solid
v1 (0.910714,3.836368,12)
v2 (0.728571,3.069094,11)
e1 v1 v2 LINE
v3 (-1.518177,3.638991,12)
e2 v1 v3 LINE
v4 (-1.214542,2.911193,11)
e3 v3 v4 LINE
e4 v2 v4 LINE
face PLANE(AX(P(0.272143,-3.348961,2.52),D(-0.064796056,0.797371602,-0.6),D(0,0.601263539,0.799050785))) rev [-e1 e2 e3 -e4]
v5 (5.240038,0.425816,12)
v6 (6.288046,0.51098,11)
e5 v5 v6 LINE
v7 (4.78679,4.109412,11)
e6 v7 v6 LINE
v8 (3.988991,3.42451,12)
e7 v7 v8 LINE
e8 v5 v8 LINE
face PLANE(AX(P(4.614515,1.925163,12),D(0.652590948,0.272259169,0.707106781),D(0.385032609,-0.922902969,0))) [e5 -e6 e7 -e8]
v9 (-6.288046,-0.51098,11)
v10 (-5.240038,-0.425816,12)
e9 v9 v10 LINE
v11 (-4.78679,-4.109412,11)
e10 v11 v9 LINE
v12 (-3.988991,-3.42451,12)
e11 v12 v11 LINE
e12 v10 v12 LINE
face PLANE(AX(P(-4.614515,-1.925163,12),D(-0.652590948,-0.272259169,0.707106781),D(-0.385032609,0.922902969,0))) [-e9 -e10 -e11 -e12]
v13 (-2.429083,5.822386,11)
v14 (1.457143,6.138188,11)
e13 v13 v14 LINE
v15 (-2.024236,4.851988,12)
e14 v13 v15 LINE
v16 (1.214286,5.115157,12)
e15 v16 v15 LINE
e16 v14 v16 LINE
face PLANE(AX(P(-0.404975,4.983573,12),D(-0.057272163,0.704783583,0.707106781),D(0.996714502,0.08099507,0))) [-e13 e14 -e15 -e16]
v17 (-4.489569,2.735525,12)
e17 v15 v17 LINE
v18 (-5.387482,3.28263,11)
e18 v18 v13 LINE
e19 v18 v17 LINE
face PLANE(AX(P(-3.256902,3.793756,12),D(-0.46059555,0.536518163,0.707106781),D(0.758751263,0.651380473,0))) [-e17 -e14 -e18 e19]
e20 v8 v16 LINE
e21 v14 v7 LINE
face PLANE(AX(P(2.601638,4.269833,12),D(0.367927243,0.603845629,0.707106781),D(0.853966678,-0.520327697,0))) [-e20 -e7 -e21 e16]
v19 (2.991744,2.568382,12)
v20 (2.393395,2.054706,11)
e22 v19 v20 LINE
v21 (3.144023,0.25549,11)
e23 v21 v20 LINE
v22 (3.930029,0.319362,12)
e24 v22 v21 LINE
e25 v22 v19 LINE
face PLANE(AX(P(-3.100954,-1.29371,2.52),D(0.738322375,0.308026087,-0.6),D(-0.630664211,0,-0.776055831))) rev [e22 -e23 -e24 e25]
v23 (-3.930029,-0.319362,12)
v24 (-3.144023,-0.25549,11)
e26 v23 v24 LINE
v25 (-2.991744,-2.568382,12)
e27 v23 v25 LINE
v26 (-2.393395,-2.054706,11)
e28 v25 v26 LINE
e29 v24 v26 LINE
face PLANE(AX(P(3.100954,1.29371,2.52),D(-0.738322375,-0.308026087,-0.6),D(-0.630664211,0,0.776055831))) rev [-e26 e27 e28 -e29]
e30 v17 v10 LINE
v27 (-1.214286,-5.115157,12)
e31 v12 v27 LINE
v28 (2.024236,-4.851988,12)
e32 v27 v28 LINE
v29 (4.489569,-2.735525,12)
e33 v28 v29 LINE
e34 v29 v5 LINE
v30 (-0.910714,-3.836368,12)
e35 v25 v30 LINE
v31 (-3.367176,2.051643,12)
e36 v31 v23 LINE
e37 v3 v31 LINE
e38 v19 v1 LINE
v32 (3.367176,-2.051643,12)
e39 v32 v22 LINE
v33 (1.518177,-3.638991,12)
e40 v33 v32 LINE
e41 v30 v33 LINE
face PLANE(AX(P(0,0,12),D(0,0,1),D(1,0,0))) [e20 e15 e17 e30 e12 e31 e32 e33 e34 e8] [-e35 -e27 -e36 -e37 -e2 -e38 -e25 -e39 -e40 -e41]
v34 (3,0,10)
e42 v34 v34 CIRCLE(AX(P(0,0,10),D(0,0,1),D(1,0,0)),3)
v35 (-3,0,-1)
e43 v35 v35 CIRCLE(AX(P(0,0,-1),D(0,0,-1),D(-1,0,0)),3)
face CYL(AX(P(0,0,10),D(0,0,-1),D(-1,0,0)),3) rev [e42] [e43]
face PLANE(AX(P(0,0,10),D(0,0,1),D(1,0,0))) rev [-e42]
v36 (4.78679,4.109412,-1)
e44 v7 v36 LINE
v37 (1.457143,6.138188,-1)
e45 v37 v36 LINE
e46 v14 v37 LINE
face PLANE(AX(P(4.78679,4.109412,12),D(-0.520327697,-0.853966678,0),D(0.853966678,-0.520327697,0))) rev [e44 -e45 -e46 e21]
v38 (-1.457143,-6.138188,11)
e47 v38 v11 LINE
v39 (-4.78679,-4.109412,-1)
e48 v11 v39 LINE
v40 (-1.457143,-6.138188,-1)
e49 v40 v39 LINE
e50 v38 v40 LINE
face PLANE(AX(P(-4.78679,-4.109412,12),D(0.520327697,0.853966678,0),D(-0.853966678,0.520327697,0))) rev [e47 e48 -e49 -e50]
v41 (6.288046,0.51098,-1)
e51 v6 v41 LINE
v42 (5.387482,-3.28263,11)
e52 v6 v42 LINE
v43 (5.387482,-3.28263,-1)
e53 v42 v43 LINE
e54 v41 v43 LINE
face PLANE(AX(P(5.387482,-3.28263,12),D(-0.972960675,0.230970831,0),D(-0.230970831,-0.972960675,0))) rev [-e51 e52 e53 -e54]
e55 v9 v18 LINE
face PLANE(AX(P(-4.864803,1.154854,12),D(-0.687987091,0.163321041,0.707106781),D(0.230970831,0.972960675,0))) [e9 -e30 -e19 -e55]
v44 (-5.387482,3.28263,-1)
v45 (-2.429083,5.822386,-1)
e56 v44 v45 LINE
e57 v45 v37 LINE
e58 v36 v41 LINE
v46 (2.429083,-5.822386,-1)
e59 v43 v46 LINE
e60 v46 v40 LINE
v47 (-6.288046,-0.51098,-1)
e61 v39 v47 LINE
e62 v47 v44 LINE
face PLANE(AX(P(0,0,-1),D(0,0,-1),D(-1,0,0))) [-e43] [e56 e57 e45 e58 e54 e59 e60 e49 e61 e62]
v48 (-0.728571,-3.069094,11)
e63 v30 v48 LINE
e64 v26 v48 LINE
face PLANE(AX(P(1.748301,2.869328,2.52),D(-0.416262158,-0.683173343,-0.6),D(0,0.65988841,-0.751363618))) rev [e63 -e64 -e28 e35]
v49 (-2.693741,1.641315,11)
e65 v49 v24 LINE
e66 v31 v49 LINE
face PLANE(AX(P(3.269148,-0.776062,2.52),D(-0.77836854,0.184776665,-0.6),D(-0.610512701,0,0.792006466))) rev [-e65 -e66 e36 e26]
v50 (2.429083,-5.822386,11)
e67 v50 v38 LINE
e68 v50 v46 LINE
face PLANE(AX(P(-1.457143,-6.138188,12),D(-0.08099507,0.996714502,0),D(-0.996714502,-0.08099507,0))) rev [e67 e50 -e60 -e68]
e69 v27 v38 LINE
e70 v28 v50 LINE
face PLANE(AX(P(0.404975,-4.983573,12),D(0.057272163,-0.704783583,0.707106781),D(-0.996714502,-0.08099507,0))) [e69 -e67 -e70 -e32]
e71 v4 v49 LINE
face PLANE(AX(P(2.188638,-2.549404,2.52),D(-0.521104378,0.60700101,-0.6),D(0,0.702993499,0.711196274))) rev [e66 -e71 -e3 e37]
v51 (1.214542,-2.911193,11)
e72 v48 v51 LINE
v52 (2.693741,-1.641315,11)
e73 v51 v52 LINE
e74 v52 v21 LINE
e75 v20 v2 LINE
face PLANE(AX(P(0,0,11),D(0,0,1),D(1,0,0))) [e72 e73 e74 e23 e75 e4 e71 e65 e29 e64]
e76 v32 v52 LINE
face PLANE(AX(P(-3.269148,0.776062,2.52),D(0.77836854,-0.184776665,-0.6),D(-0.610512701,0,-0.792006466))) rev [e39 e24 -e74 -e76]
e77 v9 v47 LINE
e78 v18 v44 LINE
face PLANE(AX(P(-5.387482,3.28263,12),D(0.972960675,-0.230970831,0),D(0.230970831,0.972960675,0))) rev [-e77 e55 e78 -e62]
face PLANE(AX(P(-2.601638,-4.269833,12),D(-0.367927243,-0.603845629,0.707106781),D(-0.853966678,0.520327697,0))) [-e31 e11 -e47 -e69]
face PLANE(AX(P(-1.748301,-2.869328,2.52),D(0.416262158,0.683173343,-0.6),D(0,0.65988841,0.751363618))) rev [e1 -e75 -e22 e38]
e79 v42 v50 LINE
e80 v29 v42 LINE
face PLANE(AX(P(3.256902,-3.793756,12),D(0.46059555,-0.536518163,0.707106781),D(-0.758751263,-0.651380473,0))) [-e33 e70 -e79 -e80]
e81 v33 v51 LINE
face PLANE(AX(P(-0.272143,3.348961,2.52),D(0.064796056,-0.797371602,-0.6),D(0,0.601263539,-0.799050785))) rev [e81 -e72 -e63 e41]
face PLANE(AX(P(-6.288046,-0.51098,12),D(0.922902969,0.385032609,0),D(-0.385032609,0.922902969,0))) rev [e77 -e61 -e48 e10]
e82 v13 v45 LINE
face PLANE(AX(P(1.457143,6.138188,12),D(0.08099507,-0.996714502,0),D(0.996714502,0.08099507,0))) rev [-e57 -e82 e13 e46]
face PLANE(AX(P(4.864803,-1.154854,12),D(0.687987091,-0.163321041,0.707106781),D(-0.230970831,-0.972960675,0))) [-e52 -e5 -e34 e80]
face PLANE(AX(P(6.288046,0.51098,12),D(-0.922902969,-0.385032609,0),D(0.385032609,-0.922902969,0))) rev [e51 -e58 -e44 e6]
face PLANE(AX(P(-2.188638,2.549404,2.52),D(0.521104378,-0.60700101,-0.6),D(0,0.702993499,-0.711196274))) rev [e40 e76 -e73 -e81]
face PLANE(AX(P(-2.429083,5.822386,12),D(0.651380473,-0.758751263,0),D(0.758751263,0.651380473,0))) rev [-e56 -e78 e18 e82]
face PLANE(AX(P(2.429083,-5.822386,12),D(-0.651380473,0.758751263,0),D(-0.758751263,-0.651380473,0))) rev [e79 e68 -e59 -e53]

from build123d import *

# Parameters (mm, degrees)
SKETCH_1_R          = 3.05
EXTRUDE_1_DEPTH     = 12
SKETCH_2_R          = 3.098235282
EXTRUDE_2_DEPTH     = 2
EXTRUDE_3_DEPTH     = 7
CHAMFER_1_SIZE      = 1
SKETCH_6_R          = 3.05
CUT_EXTRUDE_2_DEPTH = 7
SKETCH_7_R          = 3.05
SKETCH_7_R_2        = 3
EXTRUDE_4_DEPTH     = 10
SKETCH_8_R          = 3
EXTRUDE_5_DEPTH     = 1


with BuildPart() as part:
    # 草图1 → 凸台-拉伸1 (new body)
    with BuildSketch(Plane.XY):
        Polygon((1.45714262, 6.138188374), (-2.429083459, 5.822385651), (-5.387482218, 3.282629506), (-6.288045884, -0.510979538), (-4.786789744, -4.109411766), (-1.45714262, -6.138188374), (2.429083459, -5.822385651), (5.387482218, -3.282629506), (6.288045884, 0.510979538), (4.786789744, 4.109411766), align=None)
        Circle(SKETCH_1_R, mode=Mode.SUBTRACT)
    extrude(amount=EXTRUDE_1_DEPTH)

    # 草图2 → 凸台-拉伸2 (add)
    with BuildSketch(Plane.XY.offset(12)):
        Circle(SKETCH_2_R)
    extrude(amount=-EXTRUDE_2_DEPTH)

    # 草图3 → 凸台-拉伸3 (add)
    with BuildSketch(Plane(origin=(0, 0, 10), x_dir=(-1, 0, 0), z_dir=(0, 0, -1))):
        with BuildLine():
            Line((1.45, 2.683281573), (1.45, -2.683281573))
            ThreePointArc((1.45, -2.683281573), (3.05, 0), (1.45, 2.683281573))
        make_face()
    extrude(amount=EXTRUDE_3_DEPTH)

    # 倒角1
    chamfer_1_edges = [part.edges().sort_by_distance(p)[0] for p in [
        (-3.908282839, 4.552507579, 12),
        (-5.837764051, 1.385824984, 12),
        (-5.537417814, -2.310195652, 12),
        (-3.121966182, -5.12380007, 12),
        (0.48597042, -5.980287012, 12),
        (3.908282839, -4.552507579, 12),
        (5.837764051, -1.385824984, 12),
        (5.537417814, 2.310195652, 12),
        (3.121966182, 5.12380007, 12),
        (-0.48597042, 5.980287012, 12),
    ]]
    chamfer(chamfer_1_edges, length=CHAMFER_1_SIZE)

    # 草图5 → 切除-放样1 section 0
    with BuildSketch(Plane.XY.offset(12)):
        Polygon((0.910714137, 3.836367733), (-1.518177162, 3.638991032), (-3.367176386, 2.051643441), (-3.930028677, -0.319362211), (-2.99174359, -2.568382354), (-0.910714137, -3.836367733), (1.518177162, -3.638991032), (3.367176386, -2.051643441), (3.930028677, 0.319362211), (2.99174359, 2.568382354), align=None)
    # 草图4 → 切除-放样1 section 1
    with BuildSketch(Plane.XY.offset(11)):
        Polygon((0.72857131, 3.069094187), (-1.21454173, 2.911192826), (-2.693741109, 1.641314753), (-3.144022942, -0.255489769), (-2.393394872, -2.054705883), (-0.72857131, -3.069094187), (1.21454173, -2.911192826), (2.693741109, -1.641314753), (3.144022942, 0.255489769), (2.393394872, 2.054705883), align=None)
    loft(mode=Mode.SUBTRACT)

    # 草图6 → 切除-拉伸2 (cut)
    with BuildSketch(Plane(origin=(0, 0, 3), x_dir=(-1, 0, 0), z_dir=(0, 0, -1))):
        Circle(SKETCH_6_R)
    extrude(amount=-CUT_EXTRUDE_2_DEPTH, mode=Mode.SUBTRACT)

    # 草图7 → 凸台-拉伸4 (add)
    with BuildSketch(Plane(origin=(0, 0, 0), x_dir=(-1, 0, 0), z_dir=(0, 0, -1))):
        Circle(SKETCH_7_R)
        Circle(SKETCH_7_R_2, mode=Mode.SUBTRACT)
    extrude(amount=-EXTRUDE_4_DEPTH)

    # 草图8 → 凸台-拉伸5 (add)
    with BuildSketch(Plane(origin=(0, 0, 0), x_dir=(-1, 0, 0), z_dir=(0, 0, -1))):
        Polygon((2.429083459, 5.822385651), (-1.45714262, 6.138188374), (-4.786789744, 4.109411766), (-6.288045884, 0.510979538), (-5.387482218, -3.282629506), (-2.429083459, -5.822385651), (1.45714262, -6.138188374), (4.786789744, -4.109411766), (6.288045884, -0.510979538), (5.387482218, 3.282629506), align=None)
        Circle(SKETCH_8_R, mode=Mode.SUBTRACT)
    extrude(amount=EXTRUDE_5_DEPTH)


solid = part.part
